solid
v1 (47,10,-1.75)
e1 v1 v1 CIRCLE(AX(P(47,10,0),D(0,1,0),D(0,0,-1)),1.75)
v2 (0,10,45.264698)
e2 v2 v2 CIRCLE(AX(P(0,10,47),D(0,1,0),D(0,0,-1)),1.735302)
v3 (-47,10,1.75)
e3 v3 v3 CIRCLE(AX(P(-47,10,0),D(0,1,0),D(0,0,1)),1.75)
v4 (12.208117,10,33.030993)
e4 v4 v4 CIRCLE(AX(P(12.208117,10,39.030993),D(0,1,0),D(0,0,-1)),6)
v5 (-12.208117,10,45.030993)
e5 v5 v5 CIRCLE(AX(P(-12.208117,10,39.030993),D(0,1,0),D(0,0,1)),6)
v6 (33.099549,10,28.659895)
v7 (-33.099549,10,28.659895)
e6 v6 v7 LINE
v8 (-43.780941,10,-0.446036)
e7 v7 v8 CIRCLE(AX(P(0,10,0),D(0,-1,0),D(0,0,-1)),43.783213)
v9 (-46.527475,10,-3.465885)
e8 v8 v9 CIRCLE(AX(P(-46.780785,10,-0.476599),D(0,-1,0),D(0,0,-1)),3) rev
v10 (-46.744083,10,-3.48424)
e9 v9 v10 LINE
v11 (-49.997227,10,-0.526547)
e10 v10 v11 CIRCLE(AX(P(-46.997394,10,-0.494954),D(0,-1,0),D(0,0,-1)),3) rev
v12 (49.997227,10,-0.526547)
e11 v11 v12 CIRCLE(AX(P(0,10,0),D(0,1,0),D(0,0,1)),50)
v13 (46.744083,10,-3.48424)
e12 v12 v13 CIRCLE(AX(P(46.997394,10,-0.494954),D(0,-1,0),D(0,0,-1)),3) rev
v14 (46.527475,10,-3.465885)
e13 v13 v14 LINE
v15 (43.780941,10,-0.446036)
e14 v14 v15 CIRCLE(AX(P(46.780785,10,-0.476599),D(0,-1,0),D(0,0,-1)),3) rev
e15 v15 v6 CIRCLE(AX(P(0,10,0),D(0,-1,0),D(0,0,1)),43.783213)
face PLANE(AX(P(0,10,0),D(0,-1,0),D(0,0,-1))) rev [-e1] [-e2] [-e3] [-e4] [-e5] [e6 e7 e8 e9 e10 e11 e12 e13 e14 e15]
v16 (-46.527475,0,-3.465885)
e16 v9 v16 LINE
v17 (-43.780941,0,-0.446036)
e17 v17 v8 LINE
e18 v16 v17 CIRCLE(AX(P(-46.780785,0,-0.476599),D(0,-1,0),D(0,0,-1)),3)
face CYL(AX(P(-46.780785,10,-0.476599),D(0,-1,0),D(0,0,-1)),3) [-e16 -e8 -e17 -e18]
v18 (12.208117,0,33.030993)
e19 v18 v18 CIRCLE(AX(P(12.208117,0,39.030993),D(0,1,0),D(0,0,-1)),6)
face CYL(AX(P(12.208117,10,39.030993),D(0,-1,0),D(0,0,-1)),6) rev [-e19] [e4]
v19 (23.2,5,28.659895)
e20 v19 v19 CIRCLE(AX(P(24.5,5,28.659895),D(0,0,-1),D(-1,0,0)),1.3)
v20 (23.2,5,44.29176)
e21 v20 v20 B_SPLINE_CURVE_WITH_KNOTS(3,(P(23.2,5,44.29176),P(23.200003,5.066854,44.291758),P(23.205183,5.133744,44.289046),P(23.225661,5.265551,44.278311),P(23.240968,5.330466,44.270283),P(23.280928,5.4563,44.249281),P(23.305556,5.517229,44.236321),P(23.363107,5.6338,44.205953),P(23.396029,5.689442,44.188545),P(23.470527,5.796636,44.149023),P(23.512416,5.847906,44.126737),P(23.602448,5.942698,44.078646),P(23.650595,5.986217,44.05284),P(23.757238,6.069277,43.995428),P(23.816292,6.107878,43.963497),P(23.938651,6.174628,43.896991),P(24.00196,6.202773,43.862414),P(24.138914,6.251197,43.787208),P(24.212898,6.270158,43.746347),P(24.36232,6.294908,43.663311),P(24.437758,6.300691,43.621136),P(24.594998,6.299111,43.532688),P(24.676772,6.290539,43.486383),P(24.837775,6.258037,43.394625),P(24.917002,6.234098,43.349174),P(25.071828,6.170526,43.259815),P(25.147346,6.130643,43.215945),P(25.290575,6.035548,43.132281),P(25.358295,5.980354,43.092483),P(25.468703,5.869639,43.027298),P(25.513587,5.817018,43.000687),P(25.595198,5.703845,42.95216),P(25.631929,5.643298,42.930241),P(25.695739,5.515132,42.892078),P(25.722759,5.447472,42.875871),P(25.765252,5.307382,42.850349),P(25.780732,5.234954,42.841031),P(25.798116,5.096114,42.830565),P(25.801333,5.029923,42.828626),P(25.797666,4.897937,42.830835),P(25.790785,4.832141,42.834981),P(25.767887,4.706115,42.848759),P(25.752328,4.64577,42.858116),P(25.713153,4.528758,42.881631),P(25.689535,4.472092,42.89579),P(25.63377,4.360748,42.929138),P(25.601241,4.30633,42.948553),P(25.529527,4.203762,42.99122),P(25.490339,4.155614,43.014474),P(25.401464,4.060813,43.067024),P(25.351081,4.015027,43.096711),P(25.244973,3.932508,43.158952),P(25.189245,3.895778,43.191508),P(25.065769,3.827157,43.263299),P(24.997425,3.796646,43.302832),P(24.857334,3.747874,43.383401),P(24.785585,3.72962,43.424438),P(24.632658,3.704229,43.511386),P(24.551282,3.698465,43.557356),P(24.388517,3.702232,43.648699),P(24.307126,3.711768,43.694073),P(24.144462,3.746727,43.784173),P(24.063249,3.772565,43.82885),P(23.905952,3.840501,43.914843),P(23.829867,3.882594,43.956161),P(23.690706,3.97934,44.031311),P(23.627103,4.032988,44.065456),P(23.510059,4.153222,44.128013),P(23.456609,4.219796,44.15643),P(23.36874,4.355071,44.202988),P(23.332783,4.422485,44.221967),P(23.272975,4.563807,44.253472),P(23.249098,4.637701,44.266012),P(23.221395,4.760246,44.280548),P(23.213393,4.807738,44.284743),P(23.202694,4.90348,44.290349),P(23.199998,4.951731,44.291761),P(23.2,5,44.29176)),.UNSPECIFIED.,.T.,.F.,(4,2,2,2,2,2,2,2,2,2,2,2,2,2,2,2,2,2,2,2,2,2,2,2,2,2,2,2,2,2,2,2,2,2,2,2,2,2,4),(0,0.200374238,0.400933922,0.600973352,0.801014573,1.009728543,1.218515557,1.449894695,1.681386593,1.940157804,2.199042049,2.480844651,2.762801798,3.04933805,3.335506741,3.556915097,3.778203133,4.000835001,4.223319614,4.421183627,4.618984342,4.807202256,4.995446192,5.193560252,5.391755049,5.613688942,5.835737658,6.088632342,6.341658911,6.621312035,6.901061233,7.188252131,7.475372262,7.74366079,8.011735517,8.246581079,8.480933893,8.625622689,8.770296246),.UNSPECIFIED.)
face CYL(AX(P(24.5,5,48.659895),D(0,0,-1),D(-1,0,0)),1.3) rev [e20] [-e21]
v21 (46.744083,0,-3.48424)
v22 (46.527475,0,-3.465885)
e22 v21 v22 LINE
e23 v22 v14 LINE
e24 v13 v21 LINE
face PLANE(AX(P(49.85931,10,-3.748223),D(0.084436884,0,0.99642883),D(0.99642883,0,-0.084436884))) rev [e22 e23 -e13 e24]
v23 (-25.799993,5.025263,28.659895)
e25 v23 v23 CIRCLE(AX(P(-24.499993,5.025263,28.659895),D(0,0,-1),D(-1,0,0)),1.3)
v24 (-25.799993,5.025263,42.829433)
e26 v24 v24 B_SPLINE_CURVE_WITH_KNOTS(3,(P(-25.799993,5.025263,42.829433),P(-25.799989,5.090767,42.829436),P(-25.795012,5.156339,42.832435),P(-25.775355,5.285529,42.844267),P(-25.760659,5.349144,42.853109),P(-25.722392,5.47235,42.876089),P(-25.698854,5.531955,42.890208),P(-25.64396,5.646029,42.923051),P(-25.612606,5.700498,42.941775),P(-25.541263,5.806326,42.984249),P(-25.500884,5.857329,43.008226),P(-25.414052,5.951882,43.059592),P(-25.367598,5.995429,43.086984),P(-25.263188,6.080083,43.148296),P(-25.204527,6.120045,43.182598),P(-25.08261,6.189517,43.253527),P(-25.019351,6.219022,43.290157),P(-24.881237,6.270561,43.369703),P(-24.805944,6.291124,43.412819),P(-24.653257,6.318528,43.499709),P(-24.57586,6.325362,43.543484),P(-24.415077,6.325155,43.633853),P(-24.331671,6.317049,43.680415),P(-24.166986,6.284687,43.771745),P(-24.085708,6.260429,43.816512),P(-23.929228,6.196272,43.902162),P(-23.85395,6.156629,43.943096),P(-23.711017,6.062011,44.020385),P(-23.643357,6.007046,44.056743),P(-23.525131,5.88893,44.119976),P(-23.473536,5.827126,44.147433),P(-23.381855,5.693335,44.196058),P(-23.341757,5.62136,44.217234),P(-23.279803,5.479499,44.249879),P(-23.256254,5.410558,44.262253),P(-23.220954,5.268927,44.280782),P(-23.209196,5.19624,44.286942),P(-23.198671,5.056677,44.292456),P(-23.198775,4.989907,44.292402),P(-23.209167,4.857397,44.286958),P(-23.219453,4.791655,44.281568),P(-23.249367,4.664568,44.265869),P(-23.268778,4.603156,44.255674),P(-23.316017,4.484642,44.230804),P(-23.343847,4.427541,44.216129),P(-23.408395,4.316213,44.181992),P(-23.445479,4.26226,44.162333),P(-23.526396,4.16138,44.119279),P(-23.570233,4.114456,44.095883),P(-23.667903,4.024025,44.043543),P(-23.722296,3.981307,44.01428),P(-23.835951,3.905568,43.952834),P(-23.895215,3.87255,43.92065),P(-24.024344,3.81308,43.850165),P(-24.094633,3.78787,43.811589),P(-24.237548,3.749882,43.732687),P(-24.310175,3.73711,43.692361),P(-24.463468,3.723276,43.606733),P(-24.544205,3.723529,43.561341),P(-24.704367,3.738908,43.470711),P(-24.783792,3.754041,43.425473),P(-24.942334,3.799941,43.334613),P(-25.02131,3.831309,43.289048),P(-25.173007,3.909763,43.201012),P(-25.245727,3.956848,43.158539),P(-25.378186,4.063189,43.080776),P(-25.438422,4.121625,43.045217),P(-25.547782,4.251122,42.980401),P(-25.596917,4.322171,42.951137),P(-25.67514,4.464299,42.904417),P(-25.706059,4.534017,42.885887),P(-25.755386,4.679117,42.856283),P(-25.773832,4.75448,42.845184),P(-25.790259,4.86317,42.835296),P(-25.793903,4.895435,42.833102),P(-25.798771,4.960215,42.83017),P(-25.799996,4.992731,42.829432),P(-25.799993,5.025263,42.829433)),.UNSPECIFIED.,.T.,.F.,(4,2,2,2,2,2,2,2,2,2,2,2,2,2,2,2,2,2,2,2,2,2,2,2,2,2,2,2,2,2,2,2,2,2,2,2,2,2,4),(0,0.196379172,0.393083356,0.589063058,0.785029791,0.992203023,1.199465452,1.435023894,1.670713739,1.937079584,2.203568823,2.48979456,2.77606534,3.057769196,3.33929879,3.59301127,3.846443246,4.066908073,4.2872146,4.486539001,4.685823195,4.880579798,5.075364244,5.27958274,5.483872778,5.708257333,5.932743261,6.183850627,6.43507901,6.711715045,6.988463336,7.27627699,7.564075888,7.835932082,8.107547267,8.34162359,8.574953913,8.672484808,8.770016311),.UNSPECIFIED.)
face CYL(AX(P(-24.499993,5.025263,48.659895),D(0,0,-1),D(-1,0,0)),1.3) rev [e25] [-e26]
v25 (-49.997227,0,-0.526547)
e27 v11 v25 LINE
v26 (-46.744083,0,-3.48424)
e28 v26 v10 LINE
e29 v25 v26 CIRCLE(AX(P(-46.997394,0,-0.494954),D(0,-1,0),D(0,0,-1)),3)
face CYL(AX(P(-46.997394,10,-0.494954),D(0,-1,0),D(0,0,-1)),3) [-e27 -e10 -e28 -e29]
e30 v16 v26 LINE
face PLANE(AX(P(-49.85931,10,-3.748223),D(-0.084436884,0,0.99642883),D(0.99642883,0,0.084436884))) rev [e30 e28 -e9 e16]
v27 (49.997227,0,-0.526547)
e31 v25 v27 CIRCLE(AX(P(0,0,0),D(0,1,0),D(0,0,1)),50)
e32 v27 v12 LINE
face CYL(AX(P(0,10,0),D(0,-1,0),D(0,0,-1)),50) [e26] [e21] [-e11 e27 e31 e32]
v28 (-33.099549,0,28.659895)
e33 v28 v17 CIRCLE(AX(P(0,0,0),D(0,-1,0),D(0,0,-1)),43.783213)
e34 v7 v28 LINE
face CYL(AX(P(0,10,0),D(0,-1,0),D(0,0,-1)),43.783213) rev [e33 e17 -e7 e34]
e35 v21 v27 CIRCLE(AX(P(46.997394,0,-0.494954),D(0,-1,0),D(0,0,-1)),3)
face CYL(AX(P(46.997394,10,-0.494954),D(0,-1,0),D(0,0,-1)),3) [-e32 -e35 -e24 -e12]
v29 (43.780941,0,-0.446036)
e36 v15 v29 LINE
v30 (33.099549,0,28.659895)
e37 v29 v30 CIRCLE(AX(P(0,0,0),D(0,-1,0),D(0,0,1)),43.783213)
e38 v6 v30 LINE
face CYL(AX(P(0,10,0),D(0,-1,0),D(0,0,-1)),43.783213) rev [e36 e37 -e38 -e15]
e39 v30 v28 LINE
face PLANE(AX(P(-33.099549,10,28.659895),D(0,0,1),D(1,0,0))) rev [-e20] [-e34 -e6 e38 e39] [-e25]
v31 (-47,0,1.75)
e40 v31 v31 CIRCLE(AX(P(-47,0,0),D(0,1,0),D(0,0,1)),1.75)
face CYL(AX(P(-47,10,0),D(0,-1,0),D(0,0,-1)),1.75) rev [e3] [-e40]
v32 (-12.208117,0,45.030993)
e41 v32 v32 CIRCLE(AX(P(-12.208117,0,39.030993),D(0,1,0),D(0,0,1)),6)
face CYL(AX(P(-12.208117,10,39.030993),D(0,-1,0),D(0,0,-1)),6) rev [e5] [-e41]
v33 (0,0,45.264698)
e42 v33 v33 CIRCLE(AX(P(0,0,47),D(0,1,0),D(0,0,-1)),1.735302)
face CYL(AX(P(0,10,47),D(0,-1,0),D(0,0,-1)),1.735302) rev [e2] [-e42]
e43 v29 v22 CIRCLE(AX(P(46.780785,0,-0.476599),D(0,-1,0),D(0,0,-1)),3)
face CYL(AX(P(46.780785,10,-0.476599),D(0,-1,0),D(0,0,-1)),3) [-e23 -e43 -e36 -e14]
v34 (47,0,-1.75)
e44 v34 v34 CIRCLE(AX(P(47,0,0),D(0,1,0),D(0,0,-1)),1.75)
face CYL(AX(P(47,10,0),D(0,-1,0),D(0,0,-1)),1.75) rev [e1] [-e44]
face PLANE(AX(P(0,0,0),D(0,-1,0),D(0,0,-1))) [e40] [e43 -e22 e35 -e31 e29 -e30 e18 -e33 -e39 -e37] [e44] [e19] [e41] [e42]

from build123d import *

# Parameters (mm, degrees)
SKETCH1_R           = 1.75
SKETCH1_R_2         = 6
SKETCH1_R_3         = 1.735302394
BOSS_EXTRUDE1_DEPTH = 10
FILLET2_R           = 3
SKETCH2_R           = 1.3
CUT_EXTRUDE1_DEPTH  = 20


with BuildPart() as part:
    # Sketch1 → Boss-Extrude1 (new body)
    with BuildSketch(Plane(origin=(0, 0, 0), x_dir=(1, 0, 0), z_dir=(0, 1, 0))):
        with BuildLine():
            Line((49.859310292, 3.748223209), (43.664405044, 3.223270017))
            ThreePointArc((43.664405044, 3.223270017), (41.560921763, -13.771692694), (33.099549072, -28.659895126))
            Line((33.099549072, -28.659895126), (-33.099549072, -28.659895126))
            ThreePointArc((-33.099549072, -28.659895126), (-41.560921763, -13.771692694), (-43.664405044, 3.223270017))
            Line((-43.664405044, 3.223270017), (-49.859310292, 3.748223209))
            ThreePointArc((-49.859310292, 3.748223209), (0, -50), (49.859310292, 3.748223209))
        make_face()
        with Locations(Location((-47, 0, 0), (0, 0, 270))):
            Circle(SKETCH1_R, mode=Mode.SUBTRACT)
        with Locations(Location((-12.208117153, -39.030992967, 0), (0, 0, 270))):
            Circle(SKETCH1_R_2, mode=Mode.SUBTRACT)
        with Locations(Location((0, -47, 0), (0, 0, 90))):
            Circle(SKETCH1_R_3, mode=Mode.SUBTRACT)
        with Locations(Location((12.208117153, -39.030992967, 0), (0, 0, 90))):
            Circle(SKETCH1_R_2, mode=Mode.SUBTRACT)
        with Locations(Location((47, 0, 0), (0, 0, 90))):
            Circle(SKETCH1_R, mode=Mode.SUBTRACT)
    extrude(amount=BOSS_EXTRUDE1_DEPTH)

    # Fillet2
    fillet2_edges = [part.edges().sort_by_distance(p)[0] for p in [
        (43.664405044, 5, -3.223270017),
        (49.859310292, 5, -3.748223209),
        (-49.859310292, 5, -3.748223209),
        (-43.664405044, 5, -3.223270017),
    ]]
    fillet(fillet2_edges, radius=FILLET2_R)

    # Sketch2 → Cut-Extrude1 (cut)
    with BuildSketch(Plane(origin=(0, 0, 28.659895126), x_dir=(-1, 0, 0), z_dir=(0, 0, -1))):
        with Locations((24.499993487, 5.025263165)):
            Circle(SKETCH2_R)
        with Locations((-24.5, 5)):
            Circle(SKETCH2_R)
    extrude(amount=-CUT_EXTRUDE1_DEPTH, mode=Mode.SUBTRACT)


solid = part.part
